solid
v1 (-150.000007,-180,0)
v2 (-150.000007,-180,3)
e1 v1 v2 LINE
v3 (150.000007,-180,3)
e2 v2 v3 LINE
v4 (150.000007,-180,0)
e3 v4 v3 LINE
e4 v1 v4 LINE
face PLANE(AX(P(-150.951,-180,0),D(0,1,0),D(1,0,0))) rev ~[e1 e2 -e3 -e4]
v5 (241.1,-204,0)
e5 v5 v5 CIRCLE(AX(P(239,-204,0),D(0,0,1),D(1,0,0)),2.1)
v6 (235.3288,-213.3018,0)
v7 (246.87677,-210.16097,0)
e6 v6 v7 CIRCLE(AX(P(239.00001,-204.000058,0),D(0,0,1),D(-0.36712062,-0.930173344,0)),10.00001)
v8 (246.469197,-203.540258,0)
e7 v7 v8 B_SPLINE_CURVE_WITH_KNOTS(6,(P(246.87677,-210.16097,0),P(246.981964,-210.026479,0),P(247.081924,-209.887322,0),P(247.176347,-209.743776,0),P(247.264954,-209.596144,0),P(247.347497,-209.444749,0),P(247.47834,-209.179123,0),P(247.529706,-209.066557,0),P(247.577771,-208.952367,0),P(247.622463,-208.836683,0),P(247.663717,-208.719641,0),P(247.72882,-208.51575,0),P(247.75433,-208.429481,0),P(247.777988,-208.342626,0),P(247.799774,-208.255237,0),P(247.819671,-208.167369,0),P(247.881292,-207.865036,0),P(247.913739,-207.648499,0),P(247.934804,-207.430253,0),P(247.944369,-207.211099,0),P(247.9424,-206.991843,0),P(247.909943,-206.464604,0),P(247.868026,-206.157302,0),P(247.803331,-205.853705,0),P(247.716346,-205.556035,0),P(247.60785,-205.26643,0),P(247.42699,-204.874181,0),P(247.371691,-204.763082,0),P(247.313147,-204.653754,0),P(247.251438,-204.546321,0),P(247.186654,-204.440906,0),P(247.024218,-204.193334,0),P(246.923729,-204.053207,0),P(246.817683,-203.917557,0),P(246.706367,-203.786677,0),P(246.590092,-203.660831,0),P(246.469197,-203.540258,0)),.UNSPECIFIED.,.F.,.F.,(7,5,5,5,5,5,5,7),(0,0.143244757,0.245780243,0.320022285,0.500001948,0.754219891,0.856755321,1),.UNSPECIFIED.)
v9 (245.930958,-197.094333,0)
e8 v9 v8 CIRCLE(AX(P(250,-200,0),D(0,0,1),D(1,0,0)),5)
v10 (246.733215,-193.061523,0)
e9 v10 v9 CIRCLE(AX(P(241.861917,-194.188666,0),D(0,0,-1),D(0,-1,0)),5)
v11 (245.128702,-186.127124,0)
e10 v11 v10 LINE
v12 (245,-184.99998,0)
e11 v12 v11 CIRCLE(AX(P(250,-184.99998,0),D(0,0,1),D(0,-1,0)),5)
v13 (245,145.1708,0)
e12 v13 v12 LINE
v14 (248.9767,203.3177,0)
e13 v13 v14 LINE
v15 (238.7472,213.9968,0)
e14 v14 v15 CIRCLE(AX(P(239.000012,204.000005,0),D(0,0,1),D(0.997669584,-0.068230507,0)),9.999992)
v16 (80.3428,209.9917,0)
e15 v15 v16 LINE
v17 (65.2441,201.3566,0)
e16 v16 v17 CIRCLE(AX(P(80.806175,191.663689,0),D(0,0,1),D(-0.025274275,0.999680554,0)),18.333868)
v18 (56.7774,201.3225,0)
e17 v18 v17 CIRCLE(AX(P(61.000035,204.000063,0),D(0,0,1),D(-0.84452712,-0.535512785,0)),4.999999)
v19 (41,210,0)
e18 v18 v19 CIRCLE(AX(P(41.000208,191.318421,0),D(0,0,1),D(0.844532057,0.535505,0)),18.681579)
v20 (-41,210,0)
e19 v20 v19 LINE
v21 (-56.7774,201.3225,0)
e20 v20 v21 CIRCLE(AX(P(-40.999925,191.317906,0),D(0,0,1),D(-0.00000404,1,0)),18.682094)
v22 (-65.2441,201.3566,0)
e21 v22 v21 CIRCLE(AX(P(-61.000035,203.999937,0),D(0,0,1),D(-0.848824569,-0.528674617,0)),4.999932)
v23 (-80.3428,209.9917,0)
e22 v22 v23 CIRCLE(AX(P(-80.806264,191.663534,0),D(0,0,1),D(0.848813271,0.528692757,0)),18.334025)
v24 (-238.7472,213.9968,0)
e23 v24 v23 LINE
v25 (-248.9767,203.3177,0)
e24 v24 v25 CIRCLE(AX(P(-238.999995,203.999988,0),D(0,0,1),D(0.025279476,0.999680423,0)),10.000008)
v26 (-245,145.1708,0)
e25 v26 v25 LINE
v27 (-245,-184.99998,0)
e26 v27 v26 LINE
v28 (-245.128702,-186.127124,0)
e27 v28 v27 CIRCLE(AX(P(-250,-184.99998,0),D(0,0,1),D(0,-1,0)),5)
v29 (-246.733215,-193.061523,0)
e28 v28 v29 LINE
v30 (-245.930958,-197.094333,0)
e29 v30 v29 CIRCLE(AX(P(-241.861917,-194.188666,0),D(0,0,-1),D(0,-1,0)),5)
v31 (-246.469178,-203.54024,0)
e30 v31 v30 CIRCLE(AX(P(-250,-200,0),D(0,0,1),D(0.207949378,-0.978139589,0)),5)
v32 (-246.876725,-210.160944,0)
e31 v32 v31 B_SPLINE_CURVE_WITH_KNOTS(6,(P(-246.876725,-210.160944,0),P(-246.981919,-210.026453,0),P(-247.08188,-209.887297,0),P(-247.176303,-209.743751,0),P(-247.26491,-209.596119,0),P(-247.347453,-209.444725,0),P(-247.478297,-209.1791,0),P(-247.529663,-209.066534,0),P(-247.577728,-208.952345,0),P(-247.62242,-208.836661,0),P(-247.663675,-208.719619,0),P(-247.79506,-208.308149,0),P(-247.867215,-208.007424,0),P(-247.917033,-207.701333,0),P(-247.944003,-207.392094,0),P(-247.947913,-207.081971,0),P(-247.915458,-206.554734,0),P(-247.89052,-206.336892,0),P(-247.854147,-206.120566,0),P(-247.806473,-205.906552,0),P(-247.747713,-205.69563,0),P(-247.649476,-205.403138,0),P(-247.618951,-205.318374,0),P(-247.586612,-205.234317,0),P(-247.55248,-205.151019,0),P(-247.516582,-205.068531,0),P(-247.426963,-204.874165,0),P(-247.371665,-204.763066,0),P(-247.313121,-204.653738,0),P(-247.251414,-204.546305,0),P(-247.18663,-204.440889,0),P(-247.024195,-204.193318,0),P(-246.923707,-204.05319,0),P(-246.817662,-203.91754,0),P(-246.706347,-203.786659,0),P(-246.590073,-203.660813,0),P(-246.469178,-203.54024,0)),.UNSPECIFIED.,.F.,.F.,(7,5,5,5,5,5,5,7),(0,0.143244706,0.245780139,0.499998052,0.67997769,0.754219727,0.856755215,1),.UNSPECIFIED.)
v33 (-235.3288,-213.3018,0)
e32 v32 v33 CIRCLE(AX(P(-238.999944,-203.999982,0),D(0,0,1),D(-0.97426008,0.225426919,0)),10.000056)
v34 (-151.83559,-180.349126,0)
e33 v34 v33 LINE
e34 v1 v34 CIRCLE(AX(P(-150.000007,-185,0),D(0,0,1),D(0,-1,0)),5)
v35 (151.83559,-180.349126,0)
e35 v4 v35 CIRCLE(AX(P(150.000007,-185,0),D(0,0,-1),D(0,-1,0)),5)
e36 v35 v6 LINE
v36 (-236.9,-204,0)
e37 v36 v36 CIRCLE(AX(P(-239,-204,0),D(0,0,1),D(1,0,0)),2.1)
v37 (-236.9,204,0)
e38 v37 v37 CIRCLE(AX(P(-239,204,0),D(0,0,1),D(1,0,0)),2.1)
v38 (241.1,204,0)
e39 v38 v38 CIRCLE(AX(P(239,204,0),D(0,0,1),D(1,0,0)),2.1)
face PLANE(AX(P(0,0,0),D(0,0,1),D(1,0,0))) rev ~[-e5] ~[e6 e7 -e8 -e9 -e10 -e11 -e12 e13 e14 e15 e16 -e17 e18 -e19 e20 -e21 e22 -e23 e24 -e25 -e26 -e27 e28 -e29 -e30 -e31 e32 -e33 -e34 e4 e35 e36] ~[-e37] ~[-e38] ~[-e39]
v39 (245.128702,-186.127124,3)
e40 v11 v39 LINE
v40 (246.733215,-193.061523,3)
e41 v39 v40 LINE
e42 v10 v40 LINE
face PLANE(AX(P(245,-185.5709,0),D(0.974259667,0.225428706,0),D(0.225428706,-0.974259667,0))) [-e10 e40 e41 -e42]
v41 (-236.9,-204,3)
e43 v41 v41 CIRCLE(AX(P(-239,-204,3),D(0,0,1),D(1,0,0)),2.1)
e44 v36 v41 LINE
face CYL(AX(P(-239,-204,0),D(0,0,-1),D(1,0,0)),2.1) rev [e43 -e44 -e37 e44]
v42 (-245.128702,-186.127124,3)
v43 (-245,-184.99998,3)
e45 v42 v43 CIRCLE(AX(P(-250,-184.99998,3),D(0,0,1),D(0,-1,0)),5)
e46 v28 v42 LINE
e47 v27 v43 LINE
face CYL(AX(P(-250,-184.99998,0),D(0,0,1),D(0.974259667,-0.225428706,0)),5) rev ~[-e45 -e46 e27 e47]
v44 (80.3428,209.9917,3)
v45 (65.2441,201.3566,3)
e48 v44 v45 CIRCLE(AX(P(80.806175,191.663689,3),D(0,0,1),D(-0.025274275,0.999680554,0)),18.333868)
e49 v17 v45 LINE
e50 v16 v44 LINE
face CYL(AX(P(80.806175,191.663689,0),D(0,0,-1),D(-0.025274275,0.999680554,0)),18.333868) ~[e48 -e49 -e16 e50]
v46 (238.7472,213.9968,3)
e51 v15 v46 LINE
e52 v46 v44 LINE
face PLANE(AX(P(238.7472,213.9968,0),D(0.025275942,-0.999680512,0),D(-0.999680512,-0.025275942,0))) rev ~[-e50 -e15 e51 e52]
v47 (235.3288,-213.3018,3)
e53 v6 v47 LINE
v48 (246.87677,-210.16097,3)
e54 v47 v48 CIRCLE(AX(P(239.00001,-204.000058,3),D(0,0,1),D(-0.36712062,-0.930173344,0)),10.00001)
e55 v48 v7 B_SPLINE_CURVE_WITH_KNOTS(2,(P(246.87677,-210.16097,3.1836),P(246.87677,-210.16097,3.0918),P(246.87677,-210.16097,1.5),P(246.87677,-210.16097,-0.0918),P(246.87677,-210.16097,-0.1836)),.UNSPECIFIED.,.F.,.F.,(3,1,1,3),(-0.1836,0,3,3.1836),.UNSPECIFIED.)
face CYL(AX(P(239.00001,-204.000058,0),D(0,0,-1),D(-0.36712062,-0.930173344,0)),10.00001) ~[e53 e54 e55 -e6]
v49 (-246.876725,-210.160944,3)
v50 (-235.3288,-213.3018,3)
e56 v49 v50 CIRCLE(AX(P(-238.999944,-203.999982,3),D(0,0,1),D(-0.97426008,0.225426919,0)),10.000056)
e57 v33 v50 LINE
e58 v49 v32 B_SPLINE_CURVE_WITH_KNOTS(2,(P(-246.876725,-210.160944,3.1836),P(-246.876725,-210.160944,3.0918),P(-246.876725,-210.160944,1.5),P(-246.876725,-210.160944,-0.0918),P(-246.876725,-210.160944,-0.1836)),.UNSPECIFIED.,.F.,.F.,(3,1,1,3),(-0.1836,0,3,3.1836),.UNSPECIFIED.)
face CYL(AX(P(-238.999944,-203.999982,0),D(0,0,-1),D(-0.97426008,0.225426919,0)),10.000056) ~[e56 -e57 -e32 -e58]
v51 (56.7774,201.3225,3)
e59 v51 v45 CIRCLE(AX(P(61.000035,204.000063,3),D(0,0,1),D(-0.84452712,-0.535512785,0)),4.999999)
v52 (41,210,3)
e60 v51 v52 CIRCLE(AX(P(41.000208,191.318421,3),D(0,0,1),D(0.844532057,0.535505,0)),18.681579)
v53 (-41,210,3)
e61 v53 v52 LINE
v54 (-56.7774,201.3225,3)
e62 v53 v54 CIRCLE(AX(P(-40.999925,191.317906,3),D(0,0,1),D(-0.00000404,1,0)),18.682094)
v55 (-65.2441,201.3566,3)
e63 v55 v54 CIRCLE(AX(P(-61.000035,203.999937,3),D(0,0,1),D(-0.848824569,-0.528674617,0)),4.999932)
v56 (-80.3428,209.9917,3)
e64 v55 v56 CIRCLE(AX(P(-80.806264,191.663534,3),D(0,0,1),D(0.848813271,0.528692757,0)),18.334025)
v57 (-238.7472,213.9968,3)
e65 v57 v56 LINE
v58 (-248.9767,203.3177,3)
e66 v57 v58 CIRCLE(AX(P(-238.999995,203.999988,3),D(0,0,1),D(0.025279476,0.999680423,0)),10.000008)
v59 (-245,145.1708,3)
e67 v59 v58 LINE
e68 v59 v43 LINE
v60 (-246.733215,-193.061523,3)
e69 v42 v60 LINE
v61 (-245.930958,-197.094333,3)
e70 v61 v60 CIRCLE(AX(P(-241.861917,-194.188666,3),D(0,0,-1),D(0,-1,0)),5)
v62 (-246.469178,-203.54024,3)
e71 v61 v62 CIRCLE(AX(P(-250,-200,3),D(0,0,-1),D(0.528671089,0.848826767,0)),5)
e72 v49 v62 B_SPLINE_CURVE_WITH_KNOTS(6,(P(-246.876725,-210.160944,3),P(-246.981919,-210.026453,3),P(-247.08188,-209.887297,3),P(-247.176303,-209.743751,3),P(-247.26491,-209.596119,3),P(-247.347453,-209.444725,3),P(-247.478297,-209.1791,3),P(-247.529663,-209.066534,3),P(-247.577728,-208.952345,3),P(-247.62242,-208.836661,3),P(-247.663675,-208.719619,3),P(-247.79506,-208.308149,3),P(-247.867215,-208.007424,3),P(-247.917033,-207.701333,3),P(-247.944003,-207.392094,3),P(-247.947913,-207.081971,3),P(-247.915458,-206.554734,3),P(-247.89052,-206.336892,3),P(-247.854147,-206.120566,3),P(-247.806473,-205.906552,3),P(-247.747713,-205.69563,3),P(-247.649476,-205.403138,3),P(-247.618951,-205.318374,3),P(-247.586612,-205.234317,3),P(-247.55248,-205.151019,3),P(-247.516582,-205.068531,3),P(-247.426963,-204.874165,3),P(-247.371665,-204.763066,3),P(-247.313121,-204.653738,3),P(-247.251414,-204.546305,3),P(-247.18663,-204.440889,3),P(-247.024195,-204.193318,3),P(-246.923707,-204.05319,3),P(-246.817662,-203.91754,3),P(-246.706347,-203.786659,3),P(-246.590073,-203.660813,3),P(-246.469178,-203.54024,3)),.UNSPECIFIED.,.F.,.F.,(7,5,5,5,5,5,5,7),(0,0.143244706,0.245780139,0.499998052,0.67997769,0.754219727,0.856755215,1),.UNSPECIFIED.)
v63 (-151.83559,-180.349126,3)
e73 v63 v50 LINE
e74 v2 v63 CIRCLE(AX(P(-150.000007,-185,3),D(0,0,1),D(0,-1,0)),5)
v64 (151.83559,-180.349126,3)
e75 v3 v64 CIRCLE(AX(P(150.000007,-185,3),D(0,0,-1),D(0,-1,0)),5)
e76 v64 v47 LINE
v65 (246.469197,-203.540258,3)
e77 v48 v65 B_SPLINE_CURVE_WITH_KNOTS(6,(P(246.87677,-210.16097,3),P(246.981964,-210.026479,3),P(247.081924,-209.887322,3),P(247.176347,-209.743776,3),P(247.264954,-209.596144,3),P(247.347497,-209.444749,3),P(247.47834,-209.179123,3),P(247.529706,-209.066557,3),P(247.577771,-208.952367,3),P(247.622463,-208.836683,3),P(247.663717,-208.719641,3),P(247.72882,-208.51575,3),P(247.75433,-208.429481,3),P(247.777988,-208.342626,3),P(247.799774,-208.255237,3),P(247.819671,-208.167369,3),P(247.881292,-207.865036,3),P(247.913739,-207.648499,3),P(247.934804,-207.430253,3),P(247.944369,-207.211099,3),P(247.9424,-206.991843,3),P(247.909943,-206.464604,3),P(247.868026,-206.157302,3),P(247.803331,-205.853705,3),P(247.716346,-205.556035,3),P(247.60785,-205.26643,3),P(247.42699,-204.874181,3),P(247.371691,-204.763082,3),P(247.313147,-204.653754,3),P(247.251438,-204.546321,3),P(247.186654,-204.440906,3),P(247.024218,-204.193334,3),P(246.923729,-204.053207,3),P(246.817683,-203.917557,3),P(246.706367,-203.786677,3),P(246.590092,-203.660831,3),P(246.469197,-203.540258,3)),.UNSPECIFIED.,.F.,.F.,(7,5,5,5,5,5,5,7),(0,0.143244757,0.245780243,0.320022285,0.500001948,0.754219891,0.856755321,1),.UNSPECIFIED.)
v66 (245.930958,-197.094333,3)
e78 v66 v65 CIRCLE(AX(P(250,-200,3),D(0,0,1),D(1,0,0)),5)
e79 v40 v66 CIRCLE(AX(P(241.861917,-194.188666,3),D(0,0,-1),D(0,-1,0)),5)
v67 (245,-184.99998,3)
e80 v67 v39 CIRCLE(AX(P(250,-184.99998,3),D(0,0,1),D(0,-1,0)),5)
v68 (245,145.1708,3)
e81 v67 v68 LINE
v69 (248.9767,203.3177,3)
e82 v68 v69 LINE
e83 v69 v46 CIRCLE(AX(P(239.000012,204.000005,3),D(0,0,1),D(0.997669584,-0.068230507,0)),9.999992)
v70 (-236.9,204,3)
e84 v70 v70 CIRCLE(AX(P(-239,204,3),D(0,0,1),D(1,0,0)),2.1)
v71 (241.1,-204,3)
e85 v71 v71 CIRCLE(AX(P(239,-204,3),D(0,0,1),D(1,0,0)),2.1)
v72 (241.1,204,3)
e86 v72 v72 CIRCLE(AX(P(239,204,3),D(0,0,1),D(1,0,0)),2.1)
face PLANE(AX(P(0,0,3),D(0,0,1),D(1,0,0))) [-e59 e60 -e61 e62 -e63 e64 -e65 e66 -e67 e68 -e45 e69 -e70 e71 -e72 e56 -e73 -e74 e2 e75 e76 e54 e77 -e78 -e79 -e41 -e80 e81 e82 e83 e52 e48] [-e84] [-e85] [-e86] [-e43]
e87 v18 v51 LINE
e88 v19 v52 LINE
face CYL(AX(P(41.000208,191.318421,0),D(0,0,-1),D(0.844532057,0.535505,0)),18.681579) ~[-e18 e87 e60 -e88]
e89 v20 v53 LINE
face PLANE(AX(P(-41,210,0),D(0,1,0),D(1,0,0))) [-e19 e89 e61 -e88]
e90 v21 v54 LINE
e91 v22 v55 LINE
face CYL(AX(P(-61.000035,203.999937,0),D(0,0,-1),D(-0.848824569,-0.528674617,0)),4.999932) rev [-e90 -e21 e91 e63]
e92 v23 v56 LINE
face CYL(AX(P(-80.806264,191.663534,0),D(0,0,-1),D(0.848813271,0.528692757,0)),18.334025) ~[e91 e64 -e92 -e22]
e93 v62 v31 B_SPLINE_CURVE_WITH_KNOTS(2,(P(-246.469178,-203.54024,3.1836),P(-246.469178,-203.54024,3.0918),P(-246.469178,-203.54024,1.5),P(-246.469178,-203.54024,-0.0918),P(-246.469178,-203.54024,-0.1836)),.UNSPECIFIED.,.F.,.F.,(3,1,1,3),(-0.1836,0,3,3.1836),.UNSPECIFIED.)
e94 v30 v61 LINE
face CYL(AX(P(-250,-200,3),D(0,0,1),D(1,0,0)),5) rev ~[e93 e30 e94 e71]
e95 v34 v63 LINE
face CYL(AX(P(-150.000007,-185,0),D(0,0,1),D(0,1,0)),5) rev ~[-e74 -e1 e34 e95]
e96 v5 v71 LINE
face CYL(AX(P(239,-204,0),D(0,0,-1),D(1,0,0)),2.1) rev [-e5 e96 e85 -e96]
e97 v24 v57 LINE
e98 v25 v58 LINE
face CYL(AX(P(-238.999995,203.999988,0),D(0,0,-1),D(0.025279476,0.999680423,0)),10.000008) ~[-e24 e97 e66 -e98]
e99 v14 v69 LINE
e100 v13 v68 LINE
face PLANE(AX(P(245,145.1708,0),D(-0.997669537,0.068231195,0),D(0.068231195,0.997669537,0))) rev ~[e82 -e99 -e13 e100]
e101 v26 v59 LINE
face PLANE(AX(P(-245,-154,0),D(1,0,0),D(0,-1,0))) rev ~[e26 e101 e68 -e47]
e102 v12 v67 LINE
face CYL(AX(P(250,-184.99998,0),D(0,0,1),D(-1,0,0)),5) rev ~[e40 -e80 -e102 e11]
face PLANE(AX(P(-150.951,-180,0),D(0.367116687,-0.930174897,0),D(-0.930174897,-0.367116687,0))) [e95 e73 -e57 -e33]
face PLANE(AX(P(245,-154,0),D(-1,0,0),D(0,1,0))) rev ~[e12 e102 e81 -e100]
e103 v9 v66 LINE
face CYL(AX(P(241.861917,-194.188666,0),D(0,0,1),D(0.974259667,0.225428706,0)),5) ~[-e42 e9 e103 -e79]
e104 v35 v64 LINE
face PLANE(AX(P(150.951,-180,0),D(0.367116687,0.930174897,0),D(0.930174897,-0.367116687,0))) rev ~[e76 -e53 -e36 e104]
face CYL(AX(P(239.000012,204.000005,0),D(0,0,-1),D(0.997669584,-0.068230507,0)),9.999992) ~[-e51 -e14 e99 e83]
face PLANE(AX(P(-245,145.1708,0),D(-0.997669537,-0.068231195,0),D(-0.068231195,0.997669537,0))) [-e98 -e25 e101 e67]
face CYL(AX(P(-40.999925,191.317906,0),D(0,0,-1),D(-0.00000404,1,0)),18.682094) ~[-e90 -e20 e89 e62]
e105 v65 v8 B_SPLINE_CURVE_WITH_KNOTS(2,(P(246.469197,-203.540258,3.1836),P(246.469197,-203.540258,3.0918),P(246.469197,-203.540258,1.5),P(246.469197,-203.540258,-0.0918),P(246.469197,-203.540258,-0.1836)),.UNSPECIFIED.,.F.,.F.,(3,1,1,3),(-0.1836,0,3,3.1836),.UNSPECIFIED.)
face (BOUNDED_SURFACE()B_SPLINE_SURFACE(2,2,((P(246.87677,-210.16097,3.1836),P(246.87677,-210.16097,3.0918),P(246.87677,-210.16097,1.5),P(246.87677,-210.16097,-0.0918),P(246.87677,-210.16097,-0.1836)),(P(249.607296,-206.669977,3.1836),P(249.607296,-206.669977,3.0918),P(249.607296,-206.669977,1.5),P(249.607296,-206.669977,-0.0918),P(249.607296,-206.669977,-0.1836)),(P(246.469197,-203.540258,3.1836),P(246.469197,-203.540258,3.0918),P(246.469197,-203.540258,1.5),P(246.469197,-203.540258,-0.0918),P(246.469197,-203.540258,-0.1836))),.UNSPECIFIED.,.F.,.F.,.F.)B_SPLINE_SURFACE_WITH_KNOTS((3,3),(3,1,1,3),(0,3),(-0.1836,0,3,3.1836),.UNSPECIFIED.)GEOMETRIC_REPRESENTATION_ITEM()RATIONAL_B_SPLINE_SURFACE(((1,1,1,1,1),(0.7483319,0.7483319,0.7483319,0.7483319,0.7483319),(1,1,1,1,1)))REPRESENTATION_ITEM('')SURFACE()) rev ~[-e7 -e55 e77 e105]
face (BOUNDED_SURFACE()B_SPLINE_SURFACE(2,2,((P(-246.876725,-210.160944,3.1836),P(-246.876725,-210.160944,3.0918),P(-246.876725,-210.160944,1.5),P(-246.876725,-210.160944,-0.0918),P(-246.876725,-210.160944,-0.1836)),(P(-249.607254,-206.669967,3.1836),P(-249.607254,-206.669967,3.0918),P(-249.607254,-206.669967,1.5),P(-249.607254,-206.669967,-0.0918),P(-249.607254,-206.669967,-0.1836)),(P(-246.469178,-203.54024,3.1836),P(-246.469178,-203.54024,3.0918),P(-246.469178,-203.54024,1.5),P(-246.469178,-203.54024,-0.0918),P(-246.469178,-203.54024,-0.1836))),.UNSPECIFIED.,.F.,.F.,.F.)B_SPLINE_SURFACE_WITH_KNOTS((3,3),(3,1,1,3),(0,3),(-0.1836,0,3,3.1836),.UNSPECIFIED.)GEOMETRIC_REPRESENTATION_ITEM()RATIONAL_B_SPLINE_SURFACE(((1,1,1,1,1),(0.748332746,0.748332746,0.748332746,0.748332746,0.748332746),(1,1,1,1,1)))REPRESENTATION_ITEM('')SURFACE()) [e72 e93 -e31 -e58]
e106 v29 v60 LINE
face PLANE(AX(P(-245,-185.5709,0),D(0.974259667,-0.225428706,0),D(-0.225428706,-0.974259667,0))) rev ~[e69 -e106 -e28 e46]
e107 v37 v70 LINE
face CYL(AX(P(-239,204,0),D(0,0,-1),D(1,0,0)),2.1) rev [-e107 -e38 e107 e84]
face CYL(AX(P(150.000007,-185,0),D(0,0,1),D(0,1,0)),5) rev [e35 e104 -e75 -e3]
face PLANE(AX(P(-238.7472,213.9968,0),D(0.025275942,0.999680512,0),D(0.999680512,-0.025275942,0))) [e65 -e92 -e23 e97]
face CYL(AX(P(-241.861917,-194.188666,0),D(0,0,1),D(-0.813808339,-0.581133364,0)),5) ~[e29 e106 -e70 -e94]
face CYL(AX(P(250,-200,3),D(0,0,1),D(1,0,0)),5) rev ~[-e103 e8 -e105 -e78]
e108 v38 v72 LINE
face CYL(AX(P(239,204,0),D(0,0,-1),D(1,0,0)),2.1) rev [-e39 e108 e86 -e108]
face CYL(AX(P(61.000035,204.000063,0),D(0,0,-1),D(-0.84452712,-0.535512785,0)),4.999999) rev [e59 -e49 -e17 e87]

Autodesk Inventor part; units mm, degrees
ref_plane "YZ Plane" through (0, 0, 0) normal (1, 0, 0) x (0, 1, 0)
ref_plane "XZ Plane" through (0, 0, 0) normal (0, 1, 0) x (-1, 0, 0)
ref_plane "XY Plane" through (0, 0, 0) normal (0, 0, 1) x (1, 0, 0)
sketch "スケッチ1" plane through (0, 0, 0) normal (0, 0, 1) x (1, 0, 0)
  circle A0 centre (-239, 204) radius 2.1 construction
  circle A1 centre (-239, -204) radius 2.1 construction
  circle A2 centre (239, -204) radius 2.1 construction
  circle A3 centre (239, 204) radius 2.1 construction
  circle A4 centre (-61, 204) radius 2.1 construction
  circle A5 centre (61, 204) radius 2.1 construction
  circle A6 centre (-50, -185) radius 2.1 construction
  circle A7 centre (-161.1336, -215) radius 2.1 construction
  circle A8 centre (50, -185) radius 2.1 construction
  circle A9 centre (150, -185) radius 2.1 construction
  circle A10 centre (161.1336, -215) radius 2.1 construction
  circle A11 centre (250, -185) radius 1.6 construction
  circle A12 centre (250, -215) radius 1.6 construction
  line L0 (239, 184) -> (239, -154) construction
  arc A13 (239, 184) -> (219, 204) centre (219, 184) ccw construction
  arc A14 (219, -174) -> (239, -154) centre (219, -154) ccw construction
  line L1 (219, -174) -> (-219, -174) construction
  line L2 (81, 204) -> (219, 204) construction
  line L3 (-239, -154) -> (-239, 184) construction
  arc A15 (-239, -154) -> (-219, -174) centre (-219, -154) ccw construction
  arc A16 (-219, 204) -> (-239, 184) centre (-219, 184) ccw construction
  line L4 (-219, 204) -> (-81, 204) construction
  arc A17 (-66.8579, 198.1421) -> (-55.1421, 198.1421) centre (-61, 204) ccw construction
  arc A18 (-66.8579, 198.1421) -> (-81, 204) centre (-81, 184) ccw construction
  arc A19 (-41, 204) -> (-55.1421, 198.1421) centre (-41, 184) ccw construction
  line L5 (-41, 204) -> (41, 204) construction
  arc A20 (55.1421, 198.1421) -> (41, 204) centre (41, 184) ccw construction
  arc A21 (55.1421, 198.1421) -> (66.8579, 198.1421) centre (61, 204) ccw construction
  arc A22 (81, 204) -> (66.8579, 198.1421) centre (81, 184) ccw construction
  circle A23 centre (-250, -215) radius 2.1 construction
  circle A24 centre (-239, 204) radius 10 construction
  circle A25 centre (-250, 215) radius 1.6 construction
  circle A26 centre (-250, 215) radius 5 construction
  circle A27 centre (-239, -204) radius 10 construction
  circle A28 centre (239, -204) radius 10 construction
  circle A29 centre (239, 204) radius 10 construction
  line L6 (245, -154) -> (245, 184) construction
  arc A30 (245, 184) -> (219, 210) centre (219, 184) ccw construction
  line L7 (219, 210) -> (81, 210) construction
  arc A31 (81, 210) -> (62.6152, 202.3848) centre (81, 184) ccw construction
  arc A32 (59.3848, 202.3848) -> (62.6152, 202.3848) centre (61, 204) ccw construction
  arc A33 (59.3848, 202.3848) -> (41, 210) centre (41, 184) ccw construction
  line L8 (41, 210) -> (-41, 210) construction
  arc A34 (-41, 210) -> (-59.3848, 202.3848) centre (-41, 184) ccw construction
  arc A35 (-62.6152, 202.3848) -> (-59.3848, 202.3848) centre (-61, 204) ccw construction
  arc A36 (-62.6152, 202.3848) -> (-81, 210) centre (-81, 184) ccw construction
  line L9 (-81, 210) -> (-219, 210) construction
  arc A37 (-219, 210) -> (-245, 184) centre (-219, 184) ccw construction
  line L10 (-245, 184) -> (-245, -154) construction
  arc A38 (-245, -154) -> (-219, -180) centre (-219, -154) ccw construction
  line L11 (-219, -180) -> (219, -180) construction
  arc A39 (219, -180) -> (245, -154) centre (219, -154) ccw construction
  circle A40 centre (250, -185) radius 5 construction
  circle A41 centre (250, 145) radius 2.1 construction
  circle A42 centre (250, 145) radius 5 construction
  circle A43 centre (150, -185) radius 5 construction
  circle A44 centre (61, 204) radius 5 construction
  line L12 (150.951, -180) -> (235.3288, -213.3018)
  line L13 (245, -154) -> (245, -185.5709)
  line L14 (245, -185.5709) -> (248.7426, -201.7457)
  arc A45 (235.3288, -213.3018) -> (248.7426, -201.7457) centre (239, -204) ccw
  line L15 (0, -174) -> (0, 204) construction
  line L16 (245, 145.1708) -> (248.9767, 203.3177)
  line L17 (238.7472, 213.9968) -> (80.3428, 209.9917)
  arc A46 (80.3428, 209.9917) -> (65.2441, 201.3566) centre (80.8062, 191.6636) ccw
  arc A47 (56.7774, 201.3225) -> (41, 210) centre (41, 191.3182) ccw
  arc A48 (56.7774, 201.3225) -> (65.2441, 201.3566) centre (61, 204) ccw
  line L18 (245, -154) -> (245, 145.1708)
  arc A49 (248.9767, 203.3177) -> (238.7472, 213.9968) centre (239, 204) ccw
  line L19 (-150.951, -180) -> (-235.3288, -213.3018)
  line L20 (-245, -154) -> (-245, -185.5709)
  line L21 (-245, -185.5709) -> (-248.7426, -201.7457)
  arc A50 (-248.7426, -201.7457) -> (-235.3288, -213.3018) centre (-239, -204) ccw
  line L22 (-245, 145.1708) -> (-248.9767, 203.3177)
  line L23 (-238.7472, 213.9968) -> (-80.3428, 209.9917)
  arc A51 (-65.2441, 201.3566) -> (-80.3428, 209.9917) centre (-80.8062, 191.6636) ccw
  arc A52 (-41, 210) -> (-56.7774, 201.3225) centre (-41, 191.3182) ccw
  arc A53 (-65.2441, 201.3566) -> (-56.7774, 201.3225) centre (-61, 204) ccw
  line L24 (-245, -154) -> (-245, 145.1708)
  arc A54 (-238.7472, 213.9968) -> (-248.9767, 203.3177) centre (-239, 204) ccw
  line L25 (-150.951, -180) -> (150.951, -180)
  line L26 (-41, 210) -> (41, 210)
  circle A55 centre (-239, -204) radius 2.1
  circle A56 centre (-239, 204) radius 2.1
  circle A57 centre (239, 204) radius 2.1
  circle A58 centre (239, -204) radius 2.1
  point P0 (0, 0)
  dimension "d0" = 20
  dimension "d1" = 10
  dimension "d2" = 6
  dimension "d3" = 10
  dimension "d4" = 4.2
extrude "押し出し1" add sketch "スケッチ1" along normal blind 3
sketch "スケッチ2" plane through (0, 0, 3) normal (0, 0, 1) x (1, 0, 0)
  circle A0 centre (-250, -200) radius 2.1 construction
  circle A1 centre (-250, -200) radius 5
  line L0 (41, 210) -> (-41, 210) construction
  line L1 (-150.951, -180) -> (150.951, -180) construction
  line L2 (0, 210) -> (0, -180) construction
  circle A2 centre (250, -200) radius 5
  point P0 (0, 0)
  dimension "d7" = 10
extrude "押し出し2" cut sketch "スケッチ2" against normal through all
fillet "フィレット1" radius 5 10 edges at (248.9603, -204.8907, 1.5) (247.3566, -195.7559, 1.5) (245, -185.5709, 1.5) (150.951, -180, 1.5) (245, 145.1708, 1.5) (-245, 145.1708, 1.5) (-245, -185.5709, 1.5) (-247.3566, -195.7559, 1.5) (-248.9603, -204.8907, 1.5) (-150.951, -180, 1.5)
properties part number "left_plate_02" material "ポリカーボネート、クリア"
